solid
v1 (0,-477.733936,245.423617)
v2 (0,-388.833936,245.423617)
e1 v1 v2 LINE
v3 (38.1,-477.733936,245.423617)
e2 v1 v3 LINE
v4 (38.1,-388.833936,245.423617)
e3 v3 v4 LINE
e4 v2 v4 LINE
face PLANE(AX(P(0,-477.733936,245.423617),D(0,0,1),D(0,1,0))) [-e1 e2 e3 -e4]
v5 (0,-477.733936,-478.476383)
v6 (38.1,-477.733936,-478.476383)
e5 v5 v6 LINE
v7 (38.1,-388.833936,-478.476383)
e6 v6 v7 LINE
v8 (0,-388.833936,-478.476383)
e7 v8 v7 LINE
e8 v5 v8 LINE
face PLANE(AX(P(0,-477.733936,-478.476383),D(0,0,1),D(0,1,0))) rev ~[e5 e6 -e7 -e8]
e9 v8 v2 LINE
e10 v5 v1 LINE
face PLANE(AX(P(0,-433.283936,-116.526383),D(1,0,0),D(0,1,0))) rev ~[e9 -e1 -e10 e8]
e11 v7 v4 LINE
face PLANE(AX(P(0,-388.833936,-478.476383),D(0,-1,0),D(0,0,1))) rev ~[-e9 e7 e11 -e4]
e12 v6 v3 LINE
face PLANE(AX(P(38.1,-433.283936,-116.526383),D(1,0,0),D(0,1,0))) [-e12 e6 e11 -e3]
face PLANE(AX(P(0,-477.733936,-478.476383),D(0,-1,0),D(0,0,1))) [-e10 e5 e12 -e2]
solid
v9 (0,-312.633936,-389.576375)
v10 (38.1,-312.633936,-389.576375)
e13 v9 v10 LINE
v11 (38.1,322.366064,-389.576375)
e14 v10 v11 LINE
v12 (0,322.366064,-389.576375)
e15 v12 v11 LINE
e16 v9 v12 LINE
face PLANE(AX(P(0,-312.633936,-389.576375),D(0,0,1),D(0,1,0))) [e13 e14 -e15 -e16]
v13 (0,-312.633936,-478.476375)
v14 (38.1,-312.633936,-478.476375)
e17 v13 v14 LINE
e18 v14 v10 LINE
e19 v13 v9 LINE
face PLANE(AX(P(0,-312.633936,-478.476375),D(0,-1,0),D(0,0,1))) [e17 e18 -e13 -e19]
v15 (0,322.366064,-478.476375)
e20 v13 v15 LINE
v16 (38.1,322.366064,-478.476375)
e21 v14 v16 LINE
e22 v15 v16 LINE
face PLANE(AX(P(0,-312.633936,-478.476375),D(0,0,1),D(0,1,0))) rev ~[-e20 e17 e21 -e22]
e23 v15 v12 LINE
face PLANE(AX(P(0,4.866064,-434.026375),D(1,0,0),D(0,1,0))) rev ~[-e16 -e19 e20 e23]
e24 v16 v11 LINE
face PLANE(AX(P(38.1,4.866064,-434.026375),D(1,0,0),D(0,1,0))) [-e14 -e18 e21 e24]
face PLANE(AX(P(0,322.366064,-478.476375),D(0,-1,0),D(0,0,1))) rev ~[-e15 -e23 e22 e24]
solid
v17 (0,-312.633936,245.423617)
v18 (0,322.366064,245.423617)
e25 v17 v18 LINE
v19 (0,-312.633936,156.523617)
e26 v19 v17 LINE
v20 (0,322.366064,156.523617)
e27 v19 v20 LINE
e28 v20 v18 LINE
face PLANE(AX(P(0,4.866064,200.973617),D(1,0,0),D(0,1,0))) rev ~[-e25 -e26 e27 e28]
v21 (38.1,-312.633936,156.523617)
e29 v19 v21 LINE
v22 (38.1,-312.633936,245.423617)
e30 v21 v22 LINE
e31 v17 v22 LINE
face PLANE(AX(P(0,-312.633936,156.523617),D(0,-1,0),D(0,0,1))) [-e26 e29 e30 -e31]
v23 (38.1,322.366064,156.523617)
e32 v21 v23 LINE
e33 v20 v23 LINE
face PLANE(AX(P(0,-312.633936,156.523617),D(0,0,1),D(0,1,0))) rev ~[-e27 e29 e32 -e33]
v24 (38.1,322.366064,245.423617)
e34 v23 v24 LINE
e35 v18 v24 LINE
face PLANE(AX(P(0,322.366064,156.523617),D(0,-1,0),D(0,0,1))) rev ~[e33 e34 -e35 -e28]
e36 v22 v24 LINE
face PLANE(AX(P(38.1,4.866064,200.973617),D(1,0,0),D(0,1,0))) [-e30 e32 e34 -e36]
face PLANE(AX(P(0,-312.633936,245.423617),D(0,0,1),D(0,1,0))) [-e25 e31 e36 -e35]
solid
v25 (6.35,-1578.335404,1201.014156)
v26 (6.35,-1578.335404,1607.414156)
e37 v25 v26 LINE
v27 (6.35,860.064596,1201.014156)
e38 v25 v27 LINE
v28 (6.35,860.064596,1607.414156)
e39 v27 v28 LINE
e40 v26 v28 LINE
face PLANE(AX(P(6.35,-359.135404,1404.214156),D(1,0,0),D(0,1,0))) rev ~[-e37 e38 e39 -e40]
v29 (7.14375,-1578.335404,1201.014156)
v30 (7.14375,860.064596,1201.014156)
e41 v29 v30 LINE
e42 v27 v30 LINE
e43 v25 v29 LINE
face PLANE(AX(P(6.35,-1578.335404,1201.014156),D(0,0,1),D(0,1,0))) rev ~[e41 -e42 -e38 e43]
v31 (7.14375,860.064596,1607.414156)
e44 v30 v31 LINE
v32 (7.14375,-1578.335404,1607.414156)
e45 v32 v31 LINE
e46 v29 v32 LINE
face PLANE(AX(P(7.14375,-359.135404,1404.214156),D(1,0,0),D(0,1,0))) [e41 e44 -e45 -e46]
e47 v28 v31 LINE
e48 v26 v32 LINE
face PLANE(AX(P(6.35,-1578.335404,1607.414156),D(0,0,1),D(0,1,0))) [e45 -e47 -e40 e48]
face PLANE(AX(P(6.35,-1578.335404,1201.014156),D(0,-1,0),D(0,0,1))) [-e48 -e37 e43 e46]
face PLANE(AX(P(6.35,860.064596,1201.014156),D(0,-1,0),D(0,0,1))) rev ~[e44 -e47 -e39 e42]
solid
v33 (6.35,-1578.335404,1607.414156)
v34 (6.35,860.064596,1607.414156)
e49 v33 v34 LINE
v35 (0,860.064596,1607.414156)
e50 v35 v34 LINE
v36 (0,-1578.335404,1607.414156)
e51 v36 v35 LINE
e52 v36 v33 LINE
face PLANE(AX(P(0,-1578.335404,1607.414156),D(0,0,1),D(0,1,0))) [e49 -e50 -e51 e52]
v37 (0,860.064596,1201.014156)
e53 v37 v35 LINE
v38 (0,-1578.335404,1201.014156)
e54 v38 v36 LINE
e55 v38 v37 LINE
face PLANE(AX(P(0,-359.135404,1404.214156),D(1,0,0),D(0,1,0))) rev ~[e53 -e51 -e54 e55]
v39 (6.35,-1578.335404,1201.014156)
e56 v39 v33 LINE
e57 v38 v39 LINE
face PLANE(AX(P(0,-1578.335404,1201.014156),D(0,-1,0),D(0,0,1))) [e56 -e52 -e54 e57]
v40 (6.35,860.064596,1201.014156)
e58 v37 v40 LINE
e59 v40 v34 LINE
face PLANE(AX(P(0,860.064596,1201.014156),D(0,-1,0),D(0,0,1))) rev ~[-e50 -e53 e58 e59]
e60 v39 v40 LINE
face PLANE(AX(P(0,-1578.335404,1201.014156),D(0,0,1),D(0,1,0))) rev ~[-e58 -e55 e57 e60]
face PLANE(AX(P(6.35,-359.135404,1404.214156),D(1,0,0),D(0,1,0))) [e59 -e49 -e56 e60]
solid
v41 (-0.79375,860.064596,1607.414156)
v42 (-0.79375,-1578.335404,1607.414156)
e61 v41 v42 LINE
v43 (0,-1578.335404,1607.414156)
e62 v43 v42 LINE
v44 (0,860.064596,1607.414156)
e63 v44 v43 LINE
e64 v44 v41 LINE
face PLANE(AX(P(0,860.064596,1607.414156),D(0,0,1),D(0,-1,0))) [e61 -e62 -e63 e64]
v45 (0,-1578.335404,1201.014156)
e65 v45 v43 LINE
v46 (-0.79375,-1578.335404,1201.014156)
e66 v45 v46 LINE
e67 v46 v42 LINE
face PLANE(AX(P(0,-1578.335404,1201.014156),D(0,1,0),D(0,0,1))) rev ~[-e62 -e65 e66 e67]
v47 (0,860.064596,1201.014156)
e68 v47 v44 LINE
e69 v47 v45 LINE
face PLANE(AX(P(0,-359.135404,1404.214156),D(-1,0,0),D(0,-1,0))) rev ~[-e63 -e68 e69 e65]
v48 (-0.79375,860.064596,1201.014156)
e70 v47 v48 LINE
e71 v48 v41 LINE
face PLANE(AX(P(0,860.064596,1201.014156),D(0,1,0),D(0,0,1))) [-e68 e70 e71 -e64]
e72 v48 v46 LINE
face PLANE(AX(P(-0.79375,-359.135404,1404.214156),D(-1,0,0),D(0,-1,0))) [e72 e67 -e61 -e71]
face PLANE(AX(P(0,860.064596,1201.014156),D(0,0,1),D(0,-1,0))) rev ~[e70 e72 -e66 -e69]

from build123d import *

# Parameters (mm, degrees)
F0_W     = 88.9
F0_H     = 723.9
F0_W_2   = 635
F0_H_2   = 88.9
F1_DEPTH = 38.1
F2_W     = 2438.4
F2_H     = 406.4
F3_DEPTH = 6.35
F4_W     = 2438.4
F4_H     = 406.4
F5_DEPTH = 0.79375
F6_W     = 2438.4
F6_H     = 406.4
F7_DEPTH = 0.79375


with BuildPart() as f1:
    # F0 (on Right) → F1 (new body)
    with BuildSketch(Plane.YZ):
        with Locations((-433.283936, -116.526383)):
            Rectangle(F0_W, F0_H)
        with Locations((4.866064, -434.026375)):
            Rectangle(F0_W_2, F0_H_2)
        with Locations((4.866064, 200.973617)):
            Rectangle(F0_W_2, F0_H_2)
    extrude(amount=F1_DEPTH)


with BuildPart() as f3:
    # F2 (on Right) → F3 (new body)
    with BuildSketch(Plane.YZ):
        with Locations((-359.135404, 1404.214156)):
            Rectangle(F2_W, F2_H)
    extrude(amount=F3_DEPTH)


with BuildPart() as f5:
    # F4 (on face) → F5 (new body)
    with BuildSketch(Plane.YZ.offset(6.35)):
        with Locations((-359.135404, 1404.214156)):
            Rectangle(F4_W, F4_H)
    extrude(amount=F5_DEPTH)


with BuildPart() as f7:
    # F6 (on face) → F7 (new body)
    with BuildSketch(Plane(origin=(0, 0, 0), x_dir=(0, -1, 0), z_dir=(-1, 0, 0))):
        with Locations((359.135404, 1404.214156)):
            Rectangle(F6_W, F6_H)
    extrude(amount=F7_DEPTH)


solid = Compound([f1.part, f3.part, f5.part, f7.part])
